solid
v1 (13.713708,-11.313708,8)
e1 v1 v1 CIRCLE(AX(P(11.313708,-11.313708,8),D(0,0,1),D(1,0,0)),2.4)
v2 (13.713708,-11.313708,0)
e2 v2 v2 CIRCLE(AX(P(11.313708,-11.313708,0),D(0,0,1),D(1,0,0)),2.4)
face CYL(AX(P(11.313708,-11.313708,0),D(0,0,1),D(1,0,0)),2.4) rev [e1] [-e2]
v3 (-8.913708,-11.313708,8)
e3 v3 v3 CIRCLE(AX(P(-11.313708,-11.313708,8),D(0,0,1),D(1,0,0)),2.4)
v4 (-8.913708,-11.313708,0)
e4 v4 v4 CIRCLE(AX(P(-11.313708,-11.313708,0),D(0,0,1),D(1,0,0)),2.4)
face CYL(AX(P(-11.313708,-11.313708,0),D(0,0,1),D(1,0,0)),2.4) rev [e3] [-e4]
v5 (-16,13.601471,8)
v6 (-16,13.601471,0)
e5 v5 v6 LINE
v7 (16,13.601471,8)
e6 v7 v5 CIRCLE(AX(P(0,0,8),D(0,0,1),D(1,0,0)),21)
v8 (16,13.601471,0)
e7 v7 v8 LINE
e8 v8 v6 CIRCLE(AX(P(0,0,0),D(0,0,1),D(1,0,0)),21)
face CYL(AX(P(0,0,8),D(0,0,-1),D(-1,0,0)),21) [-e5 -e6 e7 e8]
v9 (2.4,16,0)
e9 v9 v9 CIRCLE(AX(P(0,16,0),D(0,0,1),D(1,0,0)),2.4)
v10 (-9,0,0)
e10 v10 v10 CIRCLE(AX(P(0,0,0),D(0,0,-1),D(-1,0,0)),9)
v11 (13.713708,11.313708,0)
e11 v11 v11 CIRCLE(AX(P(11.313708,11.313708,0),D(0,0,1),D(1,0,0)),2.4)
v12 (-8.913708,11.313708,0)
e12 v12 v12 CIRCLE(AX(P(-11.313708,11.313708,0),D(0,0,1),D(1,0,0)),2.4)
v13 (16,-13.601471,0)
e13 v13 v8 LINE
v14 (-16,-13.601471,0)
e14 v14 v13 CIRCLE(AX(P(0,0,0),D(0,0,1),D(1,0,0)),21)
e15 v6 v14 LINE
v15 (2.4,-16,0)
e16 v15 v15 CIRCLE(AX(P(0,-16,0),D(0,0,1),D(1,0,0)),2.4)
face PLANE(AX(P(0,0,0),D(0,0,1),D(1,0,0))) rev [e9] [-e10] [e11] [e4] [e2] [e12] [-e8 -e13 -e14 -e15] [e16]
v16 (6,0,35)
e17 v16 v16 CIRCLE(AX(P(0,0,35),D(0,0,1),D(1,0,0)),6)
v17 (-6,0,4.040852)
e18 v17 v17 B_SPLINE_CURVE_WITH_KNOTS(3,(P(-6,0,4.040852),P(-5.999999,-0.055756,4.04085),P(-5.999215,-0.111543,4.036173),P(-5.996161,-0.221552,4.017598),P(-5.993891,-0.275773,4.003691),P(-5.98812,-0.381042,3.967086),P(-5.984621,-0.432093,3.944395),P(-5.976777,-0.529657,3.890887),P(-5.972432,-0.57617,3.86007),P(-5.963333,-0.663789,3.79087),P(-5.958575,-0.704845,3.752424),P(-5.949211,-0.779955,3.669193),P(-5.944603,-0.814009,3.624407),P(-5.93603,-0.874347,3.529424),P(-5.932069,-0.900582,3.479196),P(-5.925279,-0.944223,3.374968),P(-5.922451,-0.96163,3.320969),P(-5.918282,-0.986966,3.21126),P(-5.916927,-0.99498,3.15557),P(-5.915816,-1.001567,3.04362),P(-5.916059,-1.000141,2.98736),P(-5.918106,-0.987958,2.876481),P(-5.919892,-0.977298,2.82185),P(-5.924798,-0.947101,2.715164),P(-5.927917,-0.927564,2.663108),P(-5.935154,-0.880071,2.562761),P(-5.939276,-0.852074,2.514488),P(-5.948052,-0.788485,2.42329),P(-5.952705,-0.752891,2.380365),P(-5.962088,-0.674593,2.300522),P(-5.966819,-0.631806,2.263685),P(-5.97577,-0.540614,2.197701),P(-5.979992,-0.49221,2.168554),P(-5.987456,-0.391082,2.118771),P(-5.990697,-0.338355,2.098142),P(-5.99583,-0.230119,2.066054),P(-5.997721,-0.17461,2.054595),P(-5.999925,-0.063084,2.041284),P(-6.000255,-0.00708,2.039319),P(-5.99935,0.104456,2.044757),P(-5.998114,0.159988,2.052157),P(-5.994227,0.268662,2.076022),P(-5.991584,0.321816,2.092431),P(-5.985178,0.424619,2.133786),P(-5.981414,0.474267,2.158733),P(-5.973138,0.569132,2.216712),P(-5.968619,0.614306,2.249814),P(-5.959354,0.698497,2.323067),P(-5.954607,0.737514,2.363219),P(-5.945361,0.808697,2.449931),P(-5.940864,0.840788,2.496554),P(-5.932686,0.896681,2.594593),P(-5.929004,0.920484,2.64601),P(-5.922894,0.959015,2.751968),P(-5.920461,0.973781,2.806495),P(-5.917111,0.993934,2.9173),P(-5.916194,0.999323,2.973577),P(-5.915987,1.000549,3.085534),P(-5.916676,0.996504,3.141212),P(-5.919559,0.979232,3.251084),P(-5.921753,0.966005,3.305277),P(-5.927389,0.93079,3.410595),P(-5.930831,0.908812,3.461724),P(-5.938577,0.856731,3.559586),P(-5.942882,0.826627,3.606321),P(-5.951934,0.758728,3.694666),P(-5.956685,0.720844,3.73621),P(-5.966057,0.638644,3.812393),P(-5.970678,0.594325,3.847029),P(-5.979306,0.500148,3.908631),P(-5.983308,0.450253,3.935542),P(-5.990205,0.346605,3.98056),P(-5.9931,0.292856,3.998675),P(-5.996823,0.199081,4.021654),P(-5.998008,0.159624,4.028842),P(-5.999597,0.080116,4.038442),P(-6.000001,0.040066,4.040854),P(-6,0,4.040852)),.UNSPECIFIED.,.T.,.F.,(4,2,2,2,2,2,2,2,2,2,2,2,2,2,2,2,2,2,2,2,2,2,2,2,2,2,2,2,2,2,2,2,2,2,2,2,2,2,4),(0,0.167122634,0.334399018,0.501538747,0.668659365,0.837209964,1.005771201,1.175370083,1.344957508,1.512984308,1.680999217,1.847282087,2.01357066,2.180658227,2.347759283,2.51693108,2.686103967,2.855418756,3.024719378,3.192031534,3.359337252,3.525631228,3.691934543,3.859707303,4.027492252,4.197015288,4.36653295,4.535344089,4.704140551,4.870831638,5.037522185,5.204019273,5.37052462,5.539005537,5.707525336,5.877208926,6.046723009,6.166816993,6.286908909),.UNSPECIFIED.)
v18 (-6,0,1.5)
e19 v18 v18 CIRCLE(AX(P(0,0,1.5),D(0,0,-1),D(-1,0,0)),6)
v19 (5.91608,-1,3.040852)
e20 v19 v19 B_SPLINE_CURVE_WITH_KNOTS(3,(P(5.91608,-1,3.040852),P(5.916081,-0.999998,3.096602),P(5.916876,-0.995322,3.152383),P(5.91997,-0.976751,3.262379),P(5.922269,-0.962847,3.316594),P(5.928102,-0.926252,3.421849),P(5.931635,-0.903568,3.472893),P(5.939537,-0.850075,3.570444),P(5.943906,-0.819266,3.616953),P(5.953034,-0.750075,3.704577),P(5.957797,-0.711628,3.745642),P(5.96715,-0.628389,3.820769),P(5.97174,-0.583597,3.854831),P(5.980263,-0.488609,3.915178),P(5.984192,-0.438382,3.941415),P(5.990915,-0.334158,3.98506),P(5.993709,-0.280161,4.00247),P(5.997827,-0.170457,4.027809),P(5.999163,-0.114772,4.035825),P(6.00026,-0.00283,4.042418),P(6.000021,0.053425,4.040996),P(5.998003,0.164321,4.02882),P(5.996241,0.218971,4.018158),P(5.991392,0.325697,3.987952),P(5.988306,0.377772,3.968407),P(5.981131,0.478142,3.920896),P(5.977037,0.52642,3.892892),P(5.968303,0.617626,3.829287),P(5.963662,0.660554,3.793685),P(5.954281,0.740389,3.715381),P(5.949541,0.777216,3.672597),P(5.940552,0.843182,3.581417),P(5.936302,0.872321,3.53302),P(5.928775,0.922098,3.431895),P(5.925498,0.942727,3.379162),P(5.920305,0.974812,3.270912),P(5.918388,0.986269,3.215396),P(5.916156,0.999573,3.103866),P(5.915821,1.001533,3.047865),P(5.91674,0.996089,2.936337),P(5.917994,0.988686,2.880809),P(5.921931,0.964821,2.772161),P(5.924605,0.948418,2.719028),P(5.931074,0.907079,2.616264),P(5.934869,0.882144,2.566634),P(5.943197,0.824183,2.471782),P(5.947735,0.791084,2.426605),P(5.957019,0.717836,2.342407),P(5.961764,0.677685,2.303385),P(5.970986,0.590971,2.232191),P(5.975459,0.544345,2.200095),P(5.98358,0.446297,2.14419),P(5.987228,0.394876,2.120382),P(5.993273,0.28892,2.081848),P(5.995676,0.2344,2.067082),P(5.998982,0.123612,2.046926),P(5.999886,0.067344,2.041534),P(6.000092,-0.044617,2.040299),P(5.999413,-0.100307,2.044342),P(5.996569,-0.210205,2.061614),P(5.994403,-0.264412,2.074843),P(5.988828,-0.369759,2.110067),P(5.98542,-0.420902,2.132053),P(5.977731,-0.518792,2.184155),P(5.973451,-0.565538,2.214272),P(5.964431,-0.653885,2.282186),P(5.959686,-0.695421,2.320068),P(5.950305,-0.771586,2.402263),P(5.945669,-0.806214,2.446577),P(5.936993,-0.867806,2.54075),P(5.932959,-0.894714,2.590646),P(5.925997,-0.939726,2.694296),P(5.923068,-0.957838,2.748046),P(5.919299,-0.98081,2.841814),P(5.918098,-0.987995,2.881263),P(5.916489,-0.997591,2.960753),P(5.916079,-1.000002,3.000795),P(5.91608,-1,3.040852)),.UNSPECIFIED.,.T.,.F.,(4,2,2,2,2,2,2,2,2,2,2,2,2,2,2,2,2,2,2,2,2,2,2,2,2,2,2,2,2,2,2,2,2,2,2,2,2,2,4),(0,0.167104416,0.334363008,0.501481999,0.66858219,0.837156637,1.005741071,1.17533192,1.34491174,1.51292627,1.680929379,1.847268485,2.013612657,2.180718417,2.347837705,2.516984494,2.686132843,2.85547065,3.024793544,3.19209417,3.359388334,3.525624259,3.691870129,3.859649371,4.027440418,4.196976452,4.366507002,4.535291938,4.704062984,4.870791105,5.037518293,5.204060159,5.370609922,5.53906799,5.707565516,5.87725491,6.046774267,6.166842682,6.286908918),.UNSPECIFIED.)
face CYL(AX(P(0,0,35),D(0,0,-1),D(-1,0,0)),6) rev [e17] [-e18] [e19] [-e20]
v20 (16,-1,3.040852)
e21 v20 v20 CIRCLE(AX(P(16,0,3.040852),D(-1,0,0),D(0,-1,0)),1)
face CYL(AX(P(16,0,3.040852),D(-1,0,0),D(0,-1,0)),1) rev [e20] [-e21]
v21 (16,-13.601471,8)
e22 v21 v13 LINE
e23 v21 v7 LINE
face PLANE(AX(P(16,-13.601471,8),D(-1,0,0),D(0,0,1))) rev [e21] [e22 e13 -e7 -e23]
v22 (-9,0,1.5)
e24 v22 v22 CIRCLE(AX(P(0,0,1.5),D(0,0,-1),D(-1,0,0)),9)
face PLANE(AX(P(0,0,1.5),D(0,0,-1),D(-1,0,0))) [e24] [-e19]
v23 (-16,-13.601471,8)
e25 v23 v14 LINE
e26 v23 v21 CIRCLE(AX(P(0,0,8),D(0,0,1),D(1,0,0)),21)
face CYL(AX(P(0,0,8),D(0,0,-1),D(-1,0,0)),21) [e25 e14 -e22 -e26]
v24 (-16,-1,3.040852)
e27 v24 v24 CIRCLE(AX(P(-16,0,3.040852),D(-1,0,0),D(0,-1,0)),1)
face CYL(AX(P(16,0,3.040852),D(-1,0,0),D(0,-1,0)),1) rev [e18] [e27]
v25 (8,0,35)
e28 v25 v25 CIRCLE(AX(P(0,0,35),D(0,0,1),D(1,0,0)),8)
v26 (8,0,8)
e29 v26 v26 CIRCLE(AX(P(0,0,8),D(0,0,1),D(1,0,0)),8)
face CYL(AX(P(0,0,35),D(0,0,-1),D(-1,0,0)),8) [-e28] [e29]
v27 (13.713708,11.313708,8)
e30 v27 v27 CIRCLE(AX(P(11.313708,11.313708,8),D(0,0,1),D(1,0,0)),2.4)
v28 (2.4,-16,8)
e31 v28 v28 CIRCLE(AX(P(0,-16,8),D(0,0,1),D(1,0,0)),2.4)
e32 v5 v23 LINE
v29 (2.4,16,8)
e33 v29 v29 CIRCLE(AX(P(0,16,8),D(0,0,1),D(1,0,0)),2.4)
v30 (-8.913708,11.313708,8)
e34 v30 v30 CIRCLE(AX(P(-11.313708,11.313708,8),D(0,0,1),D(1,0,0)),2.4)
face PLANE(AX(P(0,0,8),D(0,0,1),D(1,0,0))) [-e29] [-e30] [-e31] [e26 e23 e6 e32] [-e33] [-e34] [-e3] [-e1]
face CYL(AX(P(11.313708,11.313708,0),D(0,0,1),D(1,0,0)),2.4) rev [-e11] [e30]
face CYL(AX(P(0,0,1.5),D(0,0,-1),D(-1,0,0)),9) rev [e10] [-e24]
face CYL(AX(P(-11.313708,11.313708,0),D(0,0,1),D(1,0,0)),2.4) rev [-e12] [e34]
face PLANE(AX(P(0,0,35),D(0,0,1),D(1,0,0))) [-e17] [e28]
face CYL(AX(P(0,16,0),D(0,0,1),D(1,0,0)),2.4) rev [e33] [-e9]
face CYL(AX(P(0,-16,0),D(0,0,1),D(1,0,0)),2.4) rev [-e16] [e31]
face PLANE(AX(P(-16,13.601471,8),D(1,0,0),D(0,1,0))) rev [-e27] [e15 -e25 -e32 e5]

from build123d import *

# Parameters (mm, degrees)
EXTRUDE_1_DEPTH     = 8
SKETCH_3_R          = 8
SKETCH_3_R_2        = 6
EXTRUDE_3_DEPTH     = 27
SKETCH_5_R          = 6
CUT_EXTRUDE_1_DEPTH = 38.762415177
SKETCH_6_R          = 2.4
CUT_EXTRUDE_2_DEPTH = 38.762415177
SKETCH_7_R          = 9
CUT_EXTRUDE_3_DEPTH = 1.5
SKETCH_8_R          = 1
CUT_EXTRUDE_4_DEPTH = 52.86520992


with BuildPart() as part:
    # 草图2 → 凸台-拉伸1 (new body)
    with BuildSketch(Plane.XY):
        with BuildLine():
            Line((-16, 13.601470509), (-16, -13.601470509))
            ThreePointArc((-16, -13.601470509), (0, -21), (16, -13.601470509))
            Line((16, -13.601470509), (16, 13.601470509))
            ThreePointArc((16, 13.601470509), (0, 21), (-16, 13.601470509))
        make_face()
    extrude(amount=EXTRUDE_1_DEPTH)

    # 草图3 → 凸台-拉伸3 (add)
    with BuildSketch(Plane.XY.offset(8)):
        Circle(SKETCH_3_R)
        Circle(SKETCH_3_R_2, mode=Mode.SUBTRACT)
    extrude(amount=EXTRUDE_3_DEPTH)

    # 草图5 → 切除-拉伸1 (cut, through all)
    with BuildSketch(Plane.XY.offset(8)):
        Circle(SKETCH_5_R)
    extrude(amount=-CUT_EXTRUDE_1_DEPTH, mode=Mode.SUBTRACT)

    # 草图6 → 切除-拉伸2 (cut, through all)
    with BuildSketch(Plane.XY.offset(8)):
        with Locations((0, 16)):
            Circle(SKETCH_6_R)
        with Locations((11.313708499, 11.313708499)):
            Circle(SKETCH_6_R)
        with Locations((11.313708499, -11.313708499)):
            Circle(SKETCH_6_R)
        with Locations((0, -16)):
            Circle(SKETCH_6_R)
        with Locations((-11.313708499, -11.313708499)):
            Circle(SKETCH_6_R)
        with Locations((-11.313708499, 11.313708499)):
            Circle(SKETCH_6_R)
    extrude(amount=-CUT_EXTRUDE_2_DEPTH, mode=Mode.SUBTRACT)

    # 草图7 → 切除-拉伸3 (cut)
    with BuildSketch(Plane(origin=(0, 0, 0), x_dir=(-1, 0, 0), z_dir=(0, 0, -1))):
        Circle(SKETCH_7_R)
    extrude(amount=-CUT_EXTRUDE_3_DEPTH, mode=Mode.SUBTRACT)

    # 草图8 → 切除-拉伸4 (cut, through all)
    with BuildSketch(Plane.ZY.offset(16)):
        with Locations(Location((3.040852045, 0, 0), (0, 0, 270))):
            Circle(SKETCH_8_R)
    extrude(amount=-CUT_EXTRUDE_4_DEPTH, mode=Mode.SUBTRACT)


solid = part.part
